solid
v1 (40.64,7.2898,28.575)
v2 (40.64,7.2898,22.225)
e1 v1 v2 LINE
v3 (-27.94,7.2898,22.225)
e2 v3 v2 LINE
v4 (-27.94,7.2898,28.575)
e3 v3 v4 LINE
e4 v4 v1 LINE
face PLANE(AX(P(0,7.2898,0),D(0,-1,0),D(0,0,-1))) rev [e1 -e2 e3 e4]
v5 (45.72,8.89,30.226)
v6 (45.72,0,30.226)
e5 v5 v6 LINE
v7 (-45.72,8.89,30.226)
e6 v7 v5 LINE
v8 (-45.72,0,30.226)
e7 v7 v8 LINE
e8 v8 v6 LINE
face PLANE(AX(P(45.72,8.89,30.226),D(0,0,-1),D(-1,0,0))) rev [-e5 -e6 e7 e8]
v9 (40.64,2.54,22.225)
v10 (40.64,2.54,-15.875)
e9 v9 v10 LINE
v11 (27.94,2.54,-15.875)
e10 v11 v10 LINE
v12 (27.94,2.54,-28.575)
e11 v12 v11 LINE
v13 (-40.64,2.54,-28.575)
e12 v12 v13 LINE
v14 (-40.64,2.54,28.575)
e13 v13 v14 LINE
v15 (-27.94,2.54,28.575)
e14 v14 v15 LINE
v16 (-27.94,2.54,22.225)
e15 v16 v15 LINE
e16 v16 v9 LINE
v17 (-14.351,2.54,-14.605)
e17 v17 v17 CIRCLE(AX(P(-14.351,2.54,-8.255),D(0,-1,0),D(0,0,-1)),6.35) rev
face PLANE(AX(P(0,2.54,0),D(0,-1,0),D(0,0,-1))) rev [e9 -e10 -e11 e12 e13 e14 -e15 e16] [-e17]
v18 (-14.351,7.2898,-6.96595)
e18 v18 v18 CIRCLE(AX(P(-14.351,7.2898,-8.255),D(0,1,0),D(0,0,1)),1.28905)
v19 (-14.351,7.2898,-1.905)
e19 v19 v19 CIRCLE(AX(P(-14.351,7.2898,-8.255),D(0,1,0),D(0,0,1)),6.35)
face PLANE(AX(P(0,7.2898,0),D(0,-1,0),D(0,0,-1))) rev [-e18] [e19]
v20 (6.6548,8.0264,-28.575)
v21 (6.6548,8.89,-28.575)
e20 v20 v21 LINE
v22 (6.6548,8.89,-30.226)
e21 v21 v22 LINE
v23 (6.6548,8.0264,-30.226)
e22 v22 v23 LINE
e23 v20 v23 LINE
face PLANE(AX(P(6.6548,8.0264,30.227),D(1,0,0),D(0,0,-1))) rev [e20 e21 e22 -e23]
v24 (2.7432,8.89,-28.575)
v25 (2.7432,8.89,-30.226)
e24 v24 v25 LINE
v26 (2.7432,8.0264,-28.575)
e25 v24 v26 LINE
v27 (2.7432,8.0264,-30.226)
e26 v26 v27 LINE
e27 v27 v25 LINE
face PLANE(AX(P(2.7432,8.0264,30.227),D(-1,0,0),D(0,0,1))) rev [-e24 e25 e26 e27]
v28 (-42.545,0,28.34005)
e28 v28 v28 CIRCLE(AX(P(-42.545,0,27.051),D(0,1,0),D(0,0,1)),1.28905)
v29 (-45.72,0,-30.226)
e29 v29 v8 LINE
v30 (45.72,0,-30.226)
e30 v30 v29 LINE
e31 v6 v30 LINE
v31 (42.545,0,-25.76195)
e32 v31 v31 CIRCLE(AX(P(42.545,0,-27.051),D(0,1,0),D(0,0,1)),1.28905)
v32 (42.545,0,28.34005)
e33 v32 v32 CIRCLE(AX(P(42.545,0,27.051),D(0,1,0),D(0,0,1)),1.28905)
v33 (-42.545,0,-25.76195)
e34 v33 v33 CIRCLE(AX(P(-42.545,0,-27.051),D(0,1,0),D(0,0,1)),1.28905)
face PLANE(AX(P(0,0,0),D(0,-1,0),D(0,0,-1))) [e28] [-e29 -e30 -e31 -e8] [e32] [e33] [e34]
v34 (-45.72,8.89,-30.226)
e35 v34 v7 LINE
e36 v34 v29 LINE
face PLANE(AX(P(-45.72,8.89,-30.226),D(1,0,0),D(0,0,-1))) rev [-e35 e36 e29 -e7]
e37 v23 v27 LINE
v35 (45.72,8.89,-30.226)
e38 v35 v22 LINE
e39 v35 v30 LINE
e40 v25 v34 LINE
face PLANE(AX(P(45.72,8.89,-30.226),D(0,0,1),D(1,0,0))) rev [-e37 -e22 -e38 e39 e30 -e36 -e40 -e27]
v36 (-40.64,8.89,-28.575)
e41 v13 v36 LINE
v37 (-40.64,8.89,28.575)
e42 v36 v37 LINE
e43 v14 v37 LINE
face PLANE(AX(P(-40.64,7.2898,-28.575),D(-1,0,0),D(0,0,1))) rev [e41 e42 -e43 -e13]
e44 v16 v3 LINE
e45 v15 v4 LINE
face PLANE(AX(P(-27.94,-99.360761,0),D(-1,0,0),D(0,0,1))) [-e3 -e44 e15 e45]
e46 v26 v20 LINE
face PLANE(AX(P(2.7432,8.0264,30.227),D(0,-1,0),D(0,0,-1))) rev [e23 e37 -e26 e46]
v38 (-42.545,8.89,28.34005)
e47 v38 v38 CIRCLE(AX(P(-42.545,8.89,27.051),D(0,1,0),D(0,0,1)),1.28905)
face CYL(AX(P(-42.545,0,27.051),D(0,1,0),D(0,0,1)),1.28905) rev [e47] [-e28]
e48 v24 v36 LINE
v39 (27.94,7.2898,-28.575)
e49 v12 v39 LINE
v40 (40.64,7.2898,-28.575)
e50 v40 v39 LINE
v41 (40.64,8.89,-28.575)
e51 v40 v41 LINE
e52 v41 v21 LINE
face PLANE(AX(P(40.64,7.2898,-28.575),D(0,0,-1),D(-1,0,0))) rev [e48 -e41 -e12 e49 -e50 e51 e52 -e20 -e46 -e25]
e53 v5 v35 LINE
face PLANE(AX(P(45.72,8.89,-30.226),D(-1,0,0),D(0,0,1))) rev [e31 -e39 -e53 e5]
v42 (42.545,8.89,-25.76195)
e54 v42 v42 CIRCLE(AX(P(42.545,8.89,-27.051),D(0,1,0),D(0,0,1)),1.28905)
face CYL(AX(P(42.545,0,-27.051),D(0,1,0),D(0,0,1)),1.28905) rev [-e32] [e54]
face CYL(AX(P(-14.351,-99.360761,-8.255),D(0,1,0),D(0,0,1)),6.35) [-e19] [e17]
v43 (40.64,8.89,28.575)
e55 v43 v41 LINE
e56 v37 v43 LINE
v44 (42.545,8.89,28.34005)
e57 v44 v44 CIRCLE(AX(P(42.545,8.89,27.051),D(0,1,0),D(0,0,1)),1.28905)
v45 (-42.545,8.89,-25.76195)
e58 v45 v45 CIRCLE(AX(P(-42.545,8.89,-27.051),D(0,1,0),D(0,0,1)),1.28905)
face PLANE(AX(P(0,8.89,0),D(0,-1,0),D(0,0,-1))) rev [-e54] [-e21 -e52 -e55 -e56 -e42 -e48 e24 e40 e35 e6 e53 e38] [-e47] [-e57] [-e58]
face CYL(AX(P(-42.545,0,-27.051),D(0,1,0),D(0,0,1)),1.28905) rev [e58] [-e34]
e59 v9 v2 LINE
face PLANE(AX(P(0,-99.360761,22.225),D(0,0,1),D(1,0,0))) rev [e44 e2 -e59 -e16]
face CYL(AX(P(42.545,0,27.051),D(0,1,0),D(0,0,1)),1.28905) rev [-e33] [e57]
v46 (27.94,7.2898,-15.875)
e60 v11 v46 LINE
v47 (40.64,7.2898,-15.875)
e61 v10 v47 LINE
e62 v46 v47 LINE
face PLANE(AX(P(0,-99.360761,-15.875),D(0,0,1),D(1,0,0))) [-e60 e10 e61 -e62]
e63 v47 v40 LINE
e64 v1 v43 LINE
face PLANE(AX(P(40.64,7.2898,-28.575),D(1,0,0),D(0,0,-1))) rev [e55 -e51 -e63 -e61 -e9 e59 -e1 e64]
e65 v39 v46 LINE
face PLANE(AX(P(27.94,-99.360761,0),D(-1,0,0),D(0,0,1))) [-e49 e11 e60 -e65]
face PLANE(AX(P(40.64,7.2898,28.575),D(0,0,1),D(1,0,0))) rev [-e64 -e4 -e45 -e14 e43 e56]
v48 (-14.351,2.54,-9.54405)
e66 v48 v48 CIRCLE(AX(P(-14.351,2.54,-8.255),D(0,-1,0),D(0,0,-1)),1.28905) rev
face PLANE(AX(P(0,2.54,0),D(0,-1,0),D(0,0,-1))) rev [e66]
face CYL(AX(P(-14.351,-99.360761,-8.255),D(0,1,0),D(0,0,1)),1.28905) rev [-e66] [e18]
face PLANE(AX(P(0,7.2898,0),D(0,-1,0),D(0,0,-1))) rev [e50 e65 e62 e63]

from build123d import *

# Parameters (mm, degrees)
SKETCH1_W           = 91.44
SKETCH1_H           = 60.452
BOSS_EXTRUDE1_DEPTH = 8.89
SKETCH2_W           = 81.28
SKETCH2_H           = 57.15
CUT_EXTRUDE1_DEPTH  = 1.6002
SKETCH3_R           = 6.35
SKETCH3_R_2         = 1.28905
CUT_EXTRUDE2_DEPTH  = 4.7498
SKETCH4_R           = 1.28905
CUT_EXTRUDE3_DEPTH  = 56.524423239
CUT_EXTRUDE4_REACH  = 78.314
SKETCH5_W           = 3.9116
SKETCH5_H           = 0.8636


with BuildPart() as part:
    # Sketch1 → Boss-Extrude1 (new body)
    with BuildSketch(Plane(origin=(0, 0, 0), x_dir=(1, 0, 0), z_dir=(0, 1, 0))):
        Rectangle(SKETCH1_W, SKETCH1_H)
    extrude(amount=BOSS_EXTRUDE1_DEPTH)

    # Sketch2 → Cut-Extrude1 (cut)
    with BuildSketch(Plane(origin=(0, 8.89, 0), x_dir=(1, 0, 0), z_dir=(0, 1, 0))):
        Rectangle(SKETCH2_W, SKETCH2_H)
    extrude(amount=-CUT_EXTRUDE1_DEPTH, mode=Mode.SUBTRACT)

    # Sketch3 → Cut-Extrude2 (cut)
    with BuildSketch(Plane(origin=(0, 7.2898, 0), x_dir=(1, 0, 0), z_dir=(0, 1, 0))):
        Polygon((-40.64, 28.575), (27.94, 28.575), (27.94, 15.875), (40.64, 15.875), (40.64, -22.225), (-27.94, -22.225), (-27.94, -28.575), (-40.64, -28.575), (-40.64, -22.225), align=None)
        with Locations(Location((-14.351, 8.255, 0), (0, 0, 270))):
            Circle(SKETCH3_R, mode=Mode.SUBTRACT)
        with Locations(Location((-14.351, 8.255, 0), (0, 0, 270))):
            Circle(SKETCH3_R_2)
    extrude(amount=-CUT_EXTRUDE2_DEPTH, mode=Mode.SUBTRACT)

    # Sketch4 → Cut-Extrude3 (cut, through all)
    with BuildSketch(Plane(origin=(0, 8.89, 0), x_dir=(1, 0, 0), z_dir=(0, 1, 0))):
        with Locations(Location((-42.545, 27.051, 0), (0, 0, 270))):
            Circle(SKETCH4_R)
        with Locations(Location((-42.545, -27.051, 0), (0, 0, 270))):
            Circle(SKETCH4_R)
        with Locations(Location((42.545, -27.051, 0), (0, 0, 270))):
            Circle(SKETCH4_R)
        with Locations(Location((42.545, 27.051, 0), (0, 0, 270))):
            Circle(SKETCH4_R)
    extrude(amount=-CUT_EXTRUDE3_DEPTH, mode=Mode.SUBTRACT)

    # Sketch5 → Cut-Extrude4 (cut, up to next)
    with BuildSketch(Plane(origin=(0, 0, -30.226), x_dir=(-1, 0, 0), z_dir=(0, 0, -1)), mode=Mode.PRIVATE) as cut_extrude4_sk1:
        with Locations((-4.699, 8.4582)):
            Rectangle(SKETCH5_W, SKETCH5_H)
    cut_extrude4_tool1 = extrude(cut_extrude4_sk1.sketch, amount=-CUT_EXTRUDE4_REACH, mode=Mode.PRIVATE) & part.part
    add(cut_extrude4_tool1.solids().sort_by_distance((4.699, 8.4582, -30.226))[0], mode=Mode.SUBTRACT)


solid = part.part
